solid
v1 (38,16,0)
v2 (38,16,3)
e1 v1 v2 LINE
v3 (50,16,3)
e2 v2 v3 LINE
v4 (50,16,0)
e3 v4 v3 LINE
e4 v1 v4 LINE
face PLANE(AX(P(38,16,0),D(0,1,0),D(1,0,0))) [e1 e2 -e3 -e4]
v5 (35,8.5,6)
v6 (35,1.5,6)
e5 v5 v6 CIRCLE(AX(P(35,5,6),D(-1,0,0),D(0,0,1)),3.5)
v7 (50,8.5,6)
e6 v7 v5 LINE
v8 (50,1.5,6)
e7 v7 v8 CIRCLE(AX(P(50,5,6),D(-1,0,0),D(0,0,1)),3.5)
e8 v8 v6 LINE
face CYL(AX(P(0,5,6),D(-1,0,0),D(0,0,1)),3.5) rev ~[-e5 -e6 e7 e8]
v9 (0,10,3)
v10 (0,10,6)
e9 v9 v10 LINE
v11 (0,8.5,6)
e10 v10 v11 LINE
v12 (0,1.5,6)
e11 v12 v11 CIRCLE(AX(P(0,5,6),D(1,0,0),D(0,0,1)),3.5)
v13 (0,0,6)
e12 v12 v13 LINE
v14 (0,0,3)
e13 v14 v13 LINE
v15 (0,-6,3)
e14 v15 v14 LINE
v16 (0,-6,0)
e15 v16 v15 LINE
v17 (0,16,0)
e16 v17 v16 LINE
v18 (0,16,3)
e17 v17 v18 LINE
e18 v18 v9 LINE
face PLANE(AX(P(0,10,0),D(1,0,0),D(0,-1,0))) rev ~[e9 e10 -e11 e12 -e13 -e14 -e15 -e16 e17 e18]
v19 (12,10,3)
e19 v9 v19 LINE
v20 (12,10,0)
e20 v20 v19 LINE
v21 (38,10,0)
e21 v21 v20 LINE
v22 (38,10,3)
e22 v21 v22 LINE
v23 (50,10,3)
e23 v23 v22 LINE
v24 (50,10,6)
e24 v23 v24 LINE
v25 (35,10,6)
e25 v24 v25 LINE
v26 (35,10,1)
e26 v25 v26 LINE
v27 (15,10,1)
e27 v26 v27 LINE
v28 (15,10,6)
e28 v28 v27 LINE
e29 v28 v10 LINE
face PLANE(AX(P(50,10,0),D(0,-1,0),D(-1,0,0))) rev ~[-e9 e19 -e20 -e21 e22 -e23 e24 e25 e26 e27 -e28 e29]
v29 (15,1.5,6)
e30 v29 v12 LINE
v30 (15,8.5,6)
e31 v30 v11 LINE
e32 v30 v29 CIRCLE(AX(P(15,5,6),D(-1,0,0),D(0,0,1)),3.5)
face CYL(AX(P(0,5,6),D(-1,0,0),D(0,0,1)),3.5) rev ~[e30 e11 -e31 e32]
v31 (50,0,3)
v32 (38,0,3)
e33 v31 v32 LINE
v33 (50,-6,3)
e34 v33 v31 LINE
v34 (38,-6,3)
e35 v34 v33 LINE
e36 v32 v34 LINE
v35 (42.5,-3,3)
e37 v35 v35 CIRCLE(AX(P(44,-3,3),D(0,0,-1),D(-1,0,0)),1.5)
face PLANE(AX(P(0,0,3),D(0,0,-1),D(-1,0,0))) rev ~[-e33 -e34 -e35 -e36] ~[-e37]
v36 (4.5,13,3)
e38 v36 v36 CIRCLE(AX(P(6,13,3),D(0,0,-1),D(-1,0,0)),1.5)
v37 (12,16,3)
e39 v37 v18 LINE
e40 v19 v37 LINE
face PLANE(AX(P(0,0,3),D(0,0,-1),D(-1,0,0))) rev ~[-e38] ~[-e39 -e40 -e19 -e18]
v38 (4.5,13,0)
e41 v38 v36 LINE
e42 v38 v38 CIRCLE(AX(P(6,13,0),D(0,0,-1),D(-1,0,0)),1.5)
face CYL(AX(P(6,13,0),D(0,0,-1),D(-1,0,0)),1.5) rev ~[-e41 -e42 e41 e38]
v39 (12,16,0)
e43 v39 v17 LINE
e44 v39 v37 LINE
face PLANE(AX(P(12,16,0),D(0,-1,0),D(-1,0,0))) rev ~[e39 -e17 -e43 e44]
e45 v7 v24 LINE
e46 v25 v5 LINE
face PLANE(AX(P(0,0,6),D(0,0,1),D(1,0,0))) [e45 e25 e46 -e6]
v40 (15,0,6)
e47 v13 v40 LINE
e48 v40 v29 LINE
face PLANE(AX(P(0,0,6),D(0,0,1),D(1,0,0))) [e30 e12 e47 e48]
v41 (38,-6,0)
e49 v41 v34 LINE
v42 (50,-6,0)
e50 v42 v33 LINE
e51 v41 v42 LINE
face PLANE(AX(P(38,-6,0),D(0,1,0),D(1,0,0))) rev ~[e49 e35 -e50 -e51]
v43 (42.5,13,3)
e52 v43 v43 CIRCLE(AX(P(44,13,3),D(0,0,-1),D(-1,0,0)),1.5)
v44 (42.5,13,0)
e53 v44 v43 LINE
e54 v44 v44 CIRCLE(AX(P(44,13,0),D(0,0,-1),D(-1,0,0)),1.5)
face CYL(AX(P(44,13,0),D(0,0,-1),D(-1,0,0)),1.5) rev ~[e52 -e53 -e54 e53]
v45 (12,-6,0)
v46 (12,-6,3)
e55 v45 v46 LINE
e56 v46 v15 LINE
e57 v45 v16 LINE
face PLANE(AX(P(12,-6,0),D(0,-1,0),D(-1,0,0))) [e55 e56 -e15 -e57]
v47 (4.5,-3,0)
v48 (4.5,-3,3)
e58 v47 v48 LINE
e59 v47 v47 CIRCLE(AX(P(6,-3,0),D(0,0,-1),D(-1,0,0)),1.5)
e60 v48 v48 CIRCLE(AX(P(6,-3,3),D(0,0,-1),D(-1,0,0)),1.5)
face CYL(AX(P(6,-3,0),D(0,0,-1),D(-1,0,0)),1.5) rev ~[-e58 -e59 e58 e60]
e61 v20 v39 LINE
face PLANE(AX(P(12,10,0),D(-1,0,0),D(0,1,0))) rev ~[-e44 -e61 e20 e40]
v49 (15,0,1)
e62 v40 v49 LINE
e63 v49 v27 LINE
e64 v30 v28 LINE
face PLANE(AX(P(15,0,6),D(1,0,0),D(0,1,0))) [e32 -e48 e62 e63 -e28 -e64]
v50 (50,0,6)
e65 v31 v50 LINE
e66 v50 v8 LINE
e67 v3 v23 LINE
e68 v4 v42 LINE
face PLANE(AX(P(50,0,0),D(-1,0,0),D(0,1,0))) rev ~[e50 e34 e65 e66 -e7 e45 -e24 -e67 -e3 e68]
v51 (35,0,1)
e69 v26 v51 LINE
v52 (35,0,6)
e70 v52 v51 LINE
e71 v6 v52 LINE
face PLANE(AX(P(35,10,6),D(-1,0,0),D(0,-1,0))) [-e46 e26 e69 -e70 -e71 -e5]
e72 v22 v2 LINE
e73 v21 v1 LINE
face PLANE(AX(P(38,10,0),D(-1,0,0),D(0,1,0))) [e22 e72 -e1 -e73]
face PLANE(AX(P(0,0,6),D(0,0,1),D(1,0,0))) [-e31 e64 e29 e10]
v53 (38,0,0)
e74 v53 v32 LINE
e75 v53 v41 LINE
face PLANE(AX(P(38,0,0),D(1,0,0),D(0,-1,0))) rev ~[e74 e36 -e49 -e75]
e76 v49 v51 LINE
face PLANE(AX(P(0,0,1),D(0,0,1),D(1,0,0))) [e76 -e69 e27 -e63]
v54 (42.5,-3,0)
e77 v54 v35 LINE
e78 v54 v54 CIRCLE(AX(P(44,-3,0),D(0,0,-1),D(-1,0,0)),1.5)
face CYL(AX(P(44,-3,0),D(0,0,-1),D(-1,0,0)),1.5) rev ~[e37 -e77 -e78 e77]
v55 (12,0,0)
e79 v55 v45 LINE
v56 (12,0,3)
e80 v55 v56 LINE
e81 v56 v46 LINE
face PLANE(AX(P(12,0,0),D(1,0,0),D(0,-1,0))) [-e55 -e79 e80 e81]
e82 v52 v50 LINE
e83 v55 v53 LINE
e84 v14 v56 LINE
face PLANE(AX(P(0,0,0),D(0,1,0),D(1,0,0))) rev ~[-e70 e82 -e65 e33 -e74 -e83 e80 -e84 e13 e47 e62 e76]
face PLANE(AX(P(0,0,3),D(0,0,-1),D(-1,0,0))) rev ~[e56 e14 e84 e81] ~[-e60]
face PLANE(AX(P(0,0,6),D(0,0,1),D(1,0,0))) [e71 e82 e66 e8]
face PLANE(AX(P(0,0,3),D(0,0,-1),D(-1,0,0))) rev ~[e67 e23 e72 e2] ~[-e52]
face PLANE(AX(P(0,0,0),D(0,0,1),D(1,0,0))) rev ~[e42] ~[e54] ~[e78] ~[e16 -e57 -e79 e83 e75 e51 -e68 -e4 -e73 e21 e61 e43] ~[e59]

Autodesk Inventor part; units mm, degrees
ref_plane "YZ Plane" through (0, 0, 0) normal (1, 0, 0) x (0, 1, 0)
ref_plane "XZ Plane" through (0, 0, 0) normal (0, 1, 0) x (-1, 0, 0)
ref_plane "XY Plane" through (0, 0, 0) normal (0, 0, 1) x (1, 0, 0)
sketch "Sketch1" plane through (0, 0, 0) normal (0, 0, 1) x (1, 0, 0)
  line L0 (0, 0) -> (50, 0)
  line L1 (50, 0) -> (50, 10)
  line L2 (50, 10) -> (0, 10)
  line L3 (0, 10) -> (0, 0)
  dimension "d0" = 50
  dimension "d1" = 10
extrude "Extrusion1" add sketch "Sketch1" along normal blind 6
sketch "Sketch2" plane through (0, 0, 0) normal (-1, 0, 0) x (0, 0, 1)
  circle A0 centre (6, 5) radius 3.5
  line L0 (6, 10) -> (6, 0) projected
  point P0 (0, 0)
  dimension "d4" = 7
extrude "Extrusion2" cut sketch "Sketch2" against normal through all
sketch "Sketch3" plane through (0, 0, 0) normal (0, 0, -1) x (-1, 0, 0)
  line L0 (-50, 0) -> (-50, 10) projected
  line L1 (0, 10) -> (0, 0) projected
  line L2 (-50, 10) -> (-38, 10)
  line L3 (-38, 10) -> (-38, 16)
  line L4 (-38, 16) -> (-50, 16)
  line L5 (-50, 16) -> (-50, 10)
  line L6 (0, 10) -> (-12, 10)
  line L7 (-12, 10) -> (-12, 16)
  line L8 (-12, 16) -> (0, 16)
  line L9 (0, 16) -> (0, 10)
  line L10 (0, 0) -> (-12, 0)
  line L11 (-12, 0) -> (-12, -6)
  line L12 (-12, -6) -> (0, -6)
  line L13 (0, -6) -> (0, 0)
  line L14 (-50, 0) -> (-38, 0)
  line L15 (-38, 0) -> (-38, -6)
  line L16 (-38, -6) -> (-50, -6)
  line L17 (-50, -6) -> (-50, 0)
  circle A0 centre (-44, 13) radius 1.5
  circle A1 centre (-6, 13) radius 1.5
  circle A2 centre (-6, -3) radius 1.5
  circle A3 centre (-44, -3) radius 1.5
  point P0 (-38, 13)
  point P1 (-12, 13)
  point P2 (-12, -3)
  point P3 (-50, -3)
  point P4 (-44, 16)
  point P5 (-6, 16)
  point P6 (-6, 0)
  point P7 (-44, 0)
  dimension "d15" = 12
  dimension "d16" = 6
  dimension "d17" = 12
  dimension "d18" = 6
  dimension "d19" = 12
  dimension "d20" = 6
  dimension "d21" = 12
  dimension "d22" = 6
  dimension "d23" = 3
  dimension "d24" = 3
  dimension "d25" = 3
  dimension "d26" = 3
extrude "Extrusion3" add sketch "Sketch3" against normal blind 3
sketch "Sketch4" plane through (0, 0, 6) normal (0, 0, 1) x (1, 0, 0)
  line L0 (50, 10) -> (0, 10) projected
  line L1 (0, 0) -> (50, 0) projected
  line L2 (15, 10) -> (35, 10)
  line L3 (35, 10) -> (35, 0)
  line L4 (35, 0) -> (15, 0)
  line L5 (15, 0) -> (15, 10)
  point P0 (25, 10)
  dimension "d29" = 20
extrude "Extrusion4" cut sketch "Sketch4" against normal blind 5
equation "\"d15\" = d21"
equation "\"d17\" = d21"
equation "\"d19\" = d21"
properties part number "bearing bed"
